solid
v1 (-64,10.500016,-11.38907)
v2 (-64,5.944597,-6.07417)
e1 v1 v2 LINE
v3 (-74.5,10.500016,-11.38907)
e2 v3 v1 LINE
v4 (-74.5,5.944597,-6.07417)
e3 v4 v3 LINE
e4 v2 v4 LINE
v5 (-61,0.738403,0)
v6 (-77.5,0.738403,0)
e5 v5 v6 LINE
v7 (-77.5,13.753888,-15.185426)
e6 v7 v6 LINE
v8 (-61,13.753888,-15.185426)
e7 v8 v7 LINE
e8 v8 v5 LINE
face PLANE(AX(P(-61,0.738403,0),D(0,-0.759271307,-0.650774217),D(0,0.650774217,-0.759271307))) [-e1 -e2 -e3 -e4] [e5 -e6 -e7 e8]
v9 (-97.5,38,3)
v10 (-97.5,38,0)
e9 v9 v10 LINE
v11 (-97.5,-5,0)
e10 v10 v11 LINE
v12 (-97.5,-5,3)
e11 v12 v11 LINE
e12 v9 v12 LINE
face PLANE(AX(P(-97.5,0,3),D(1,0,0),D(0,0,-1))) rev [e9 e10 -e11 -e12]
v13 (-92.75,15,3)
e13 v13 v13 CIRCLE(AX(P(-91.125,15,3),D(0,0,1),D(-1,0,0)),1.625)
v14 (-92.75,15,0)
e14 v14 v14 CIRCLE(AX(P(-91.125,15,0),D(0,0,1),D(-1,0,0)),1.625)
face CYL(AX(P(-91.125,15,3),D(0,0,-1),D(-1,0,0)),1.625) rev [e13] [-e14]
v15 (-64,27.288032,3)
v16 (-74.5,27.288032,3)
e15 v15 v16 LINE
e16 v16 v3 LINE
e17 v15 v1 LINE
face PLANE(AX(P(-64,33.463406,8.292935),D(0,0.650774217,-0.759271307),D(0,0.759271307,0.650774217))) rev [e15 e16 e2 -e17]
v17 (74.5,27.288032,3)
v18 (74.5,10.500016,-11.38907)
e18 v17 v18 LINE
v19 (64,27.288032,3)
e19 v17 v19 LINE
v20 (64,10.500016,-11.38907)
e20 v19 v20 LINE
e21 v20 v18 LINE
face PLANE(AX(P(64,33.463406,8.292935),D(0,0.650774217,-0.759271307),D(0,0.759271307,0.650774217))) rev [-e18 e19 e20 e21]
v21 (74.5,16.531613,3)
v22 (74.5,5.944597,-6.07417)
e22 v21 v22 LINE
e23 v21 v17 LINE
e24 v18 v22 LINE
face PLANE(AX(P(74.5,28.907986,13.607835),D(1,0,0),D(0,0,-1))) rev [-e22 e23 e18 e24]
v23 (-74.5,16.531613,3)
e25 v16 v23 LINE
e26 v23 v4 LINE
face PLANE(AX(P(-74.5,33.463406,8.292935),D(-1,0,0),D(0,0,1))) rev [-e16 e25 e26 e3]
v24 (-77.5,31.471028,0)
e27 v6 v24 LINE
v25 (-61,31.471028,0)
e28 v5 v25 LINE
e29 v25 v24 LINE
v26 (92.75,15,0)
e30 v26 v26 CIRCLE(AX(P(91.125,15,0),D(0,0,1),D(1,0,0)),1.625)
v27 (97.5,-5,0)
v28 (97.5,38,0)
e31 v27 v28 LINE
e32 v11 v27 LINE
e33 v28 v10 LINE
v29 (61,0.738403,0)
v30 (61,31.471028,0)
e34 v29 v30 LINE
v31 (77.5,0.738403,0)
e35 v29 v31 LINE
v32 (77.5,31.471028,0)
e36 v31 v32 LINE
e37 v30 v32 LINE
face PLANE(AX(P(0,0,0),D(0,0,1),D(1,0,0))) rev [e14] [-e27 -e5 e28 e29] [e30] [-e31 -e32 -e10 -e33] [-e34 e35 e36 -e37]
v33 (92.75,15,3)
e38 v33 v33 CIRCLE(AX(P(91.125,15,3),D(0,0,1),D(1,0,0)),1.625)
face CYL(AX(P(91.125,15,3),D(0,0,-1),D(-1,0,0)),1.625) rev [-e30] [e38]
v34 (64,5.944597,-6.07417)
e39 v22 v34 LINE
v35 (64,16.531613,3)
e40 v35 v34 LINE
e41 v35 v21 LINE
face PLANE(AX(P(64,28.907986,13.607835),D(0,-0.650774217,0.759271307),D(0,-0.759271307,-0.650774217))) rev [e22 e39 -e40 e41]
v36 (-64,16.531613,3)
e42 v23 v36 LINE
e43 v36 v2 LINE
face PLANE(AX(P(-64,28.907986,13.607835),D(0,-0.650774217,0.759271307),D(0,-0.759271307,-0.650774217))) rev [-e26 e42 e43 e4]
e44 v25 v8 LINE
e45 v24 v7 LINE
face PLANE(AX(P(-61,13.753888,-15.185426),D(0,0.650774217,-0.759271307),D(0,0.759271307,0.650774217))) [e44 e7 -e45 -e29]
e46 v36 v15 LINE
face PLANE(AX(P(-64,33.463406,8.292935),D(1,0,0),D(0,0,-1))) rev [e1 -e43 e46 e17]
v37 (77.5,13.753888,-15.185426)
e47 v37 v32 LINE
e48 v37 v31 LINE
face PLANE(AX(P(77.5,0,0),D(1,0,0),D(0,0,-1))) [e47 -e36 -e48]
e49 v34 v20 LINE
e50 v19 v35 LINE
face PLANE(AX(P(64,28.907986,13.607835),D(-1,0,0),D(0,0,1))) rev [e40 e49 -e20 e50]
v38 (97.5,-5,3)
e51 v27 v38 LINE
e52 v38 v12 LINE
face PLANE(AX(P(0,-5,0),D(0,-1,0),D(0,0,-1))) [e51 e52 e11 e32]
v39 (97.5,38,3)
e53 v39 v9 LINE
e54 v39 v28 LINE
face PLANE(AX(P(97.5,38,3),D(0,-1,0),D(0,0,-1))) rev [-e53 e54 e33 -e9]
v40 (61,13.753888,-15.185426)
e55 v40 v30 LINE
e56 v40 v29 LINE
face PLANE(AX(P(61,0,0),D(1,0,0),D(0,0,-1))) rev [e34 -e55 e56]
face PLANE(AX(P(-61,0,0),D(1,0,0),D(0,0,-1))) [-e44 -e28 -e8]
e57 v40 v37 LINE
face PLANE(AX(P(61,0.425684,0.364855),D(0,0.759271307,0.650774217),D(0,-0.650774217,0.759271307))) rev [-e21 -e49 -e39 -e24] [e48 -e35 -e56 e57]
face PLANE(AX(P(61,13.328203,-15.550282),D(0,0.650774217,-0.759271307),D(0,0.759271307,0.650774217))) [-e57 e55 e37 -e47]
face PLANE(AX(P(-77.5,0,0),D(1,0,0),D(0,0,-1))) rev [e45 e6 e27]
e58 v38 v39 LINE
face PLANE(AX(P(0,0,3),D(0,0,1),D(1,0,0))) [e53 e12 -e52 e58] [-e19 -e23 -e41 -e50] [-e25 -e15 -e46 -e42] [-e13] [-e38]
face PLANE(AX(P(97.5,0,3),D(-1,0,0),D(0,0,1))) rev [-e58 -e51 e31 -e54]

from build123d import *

# Parameters (mm, degrees)
CROQUIS1_W              = 195
CROQUIS1_H              = 38
CROQUIS1_R              = 1.625
SALIENTE_EXTRUIR1_DEPTH = 3
SALIENTE_EXTRUIR2_START = -20
SALIENTE_EXTRUIR2_DEPTH = 16.5
CROQUIS3_W              = 10.5
CROQUIS3_H              = 7
CORTAR_EXTRUIR1_DEPTH   = 31.243984
SALIENTE_EXTRUIR3_START = -20
SALIENTE_EXTRUIR3_DEPTH = 16.5
CROQUIS5_W              = 10.5
CROQUIS5_H              = 7
CORTAR_EXTRUIR2_DEPTH   = 31.243984
SALIENTE_EXTRUIR4_START = -120
SALIENTE_EXTRUIR4_DEPTH = 45
CROQUIS7_R              = 8.25
CORTAR_EXTRUIR3_DEPTH   = 31.243984
CROQUIS8_W              = 195
CROQUIS8_H              = 3
SALIENTE_EXTRUIR5_DEPTH = 5
CORTAR_EXTRUIR4_REACH   = 122
CROQUIS10_W             = 55.675323807
CROQUIS10_H             = 32.604384831
SALIENTE_EXTRUIR7_DEPTH = 3


with BuildPart() as part:
    # Croquis1 → Saliente-Extruir1 (new body)
    with BuildSketch(Plane.XY):
        with Locations((0, 19)):
            Rectangle(CROQUIS1_W, CROQUIS1_H)
        with Locations((91.125, 15)):
            Circle(CROQUIS1_R, mode=Mode.SUBTRACT)
        with Locations((-91.125, 15)):
            Circle(CROQUIS1_R, mode=Mode.SUBTRACT)
    extrude(amount=SALIENTE_EXTRUIR1_DEPTH)

    # Croquis2 → Saliente-Extruir2 (add)
    with BuildSketch(Plane(origin=(97.5, 0, 0), x_dir=(0, 0, -1), z_dir=(1, 0, 0)).offset(SALIENTE_EXTRUIR2_START)):
        Polygon((3.429565646, 3.677896428), (15.185426147, 13.753887502), (0, 31.471028189), (0, 0.738403157), align=None)
    extrude(amount=-SALIENTE_EXTRUIR2_DEPTH)

    # Croquis3 → Cortar-Extruir1 (cut, through all)
    with BuildSketch(Plane(origin=(0, 0.425684191, 0.364855478), x_dir=(1, 0, 0), z_dir=(0, -0.759271307, -0.650774217))):
        with Locations((69.25, -11.980533736)):
            Rectangle(CROQUIS3_W, CROQUIS3_H)
    extrude(amount=-CORTAR_EXTRUIR1_DEPTH, mode=Mode.SUBTRACT)

    # Croquis4 → Saliente-Extruir3 (add)
    with BuildSketch(Plane.ZY.offset(97.5).offset(SALIENTE_EXTRUIR3_START)):
        Polygon((0, 0.738403157), (-15.185426147, 13.753887502), (0, 31.471028189), align=None)
    extrude(amount=-SALIENTE_EXTRUIR3_DEPTH)

    # Croquis5 → Cortar-Extruir2 (cut, through all)
    with BuildSketch(Plane(origin=(0, 0.425684191, 0.364855478), x_dir=(1, 0, 0), z_dir=(0, -0.759271307, -0.650774217))):
        with Locations((-69.25, -11.980533736)):
            Rectangle(CROQUIS5_W, CROQUIS5_H)
    extrude(amount=-CORTAR_EXTRUIR2_DEPTH, mode=Mode.SUBTRACT)

    # Croquis6 → Saliente-Extruir4 (add)
    with BuildSketch(Plane(origin=(97.5, 0, 0), x_dir=(0, 0, -1), z_dir=(1, 0, 0)).offset(SALIENTE_EXTRUIR4_START)):
        Polygon((0, 0.738403157), (15.185426147, 13.753887502), (0, 31.471028189), align=None)
    extrude(amount=SALIENTE_EXTRUIR4_DEPTH)

    # Croquis7 → Cortar-Extruir3 (cut, through all)
    with BuildSketch(Plane(origin=(0, 0.425684191, 0.364855478), x_dir=(1, 0, 0), z_dir=(0, -0.759271307, -0.650774217))):
        with Locations((-12.92, -10.480533736)):
            Circle(CROQUIS7_R)
        with Locations((12.93, -10.480533736)):
            Circle(CROQUIS7_R)
    extrude(amount=-CORTAR_EXTRUIR3_DEPTH, mode=Mode.SUBTRACT)

    # Croquis8 → Saliente-Extruir5 (add)
    with BuildSketch(Plane.XZ):
        with Locations((0, 1.5)):
            Rectangle(CROQUIS8_W, CROQUIS8_H)
    extrude(amount=SALIENTE_EXTRUIR5_DEPTH)

    # Croquis9 → Cortar-Extruir4 (cut, up to next)
    with BuildSketch(Plane.ZY.offset(22.5), mode=Mode.PRIVATE) as cortar_extruir4_sk1:
        Polygon((0, 0.738403157), (-15.185426147, 13.753887502), (0, 31.471028189), align=None)
    cortar_extruir4_tool1 = extrude(cortar_extruir4_sk1.sketch, amount=-CORTAR_EXTRUIR4_REACH, mode=Mode.PRIVATE) & part.part
    add(cortar_extruir4_tool1.solids().sort_by_distance((-22.5, 15.321106, -5.061809))[0], mode=Mode.SUBTRACT)

    # Croquis10 → Saliente-Extruir7 (add)
    with BuildSketch(Plane.XY.offset(3)):
        with Locations((-1.24159067, 18.458583135)):
            Rectangle(CROQUIS10_W, CROQUIS10_H)
    extrude(amount=-SALIENTE_EXTRUIR7_DEPTH)


solid = part.part
